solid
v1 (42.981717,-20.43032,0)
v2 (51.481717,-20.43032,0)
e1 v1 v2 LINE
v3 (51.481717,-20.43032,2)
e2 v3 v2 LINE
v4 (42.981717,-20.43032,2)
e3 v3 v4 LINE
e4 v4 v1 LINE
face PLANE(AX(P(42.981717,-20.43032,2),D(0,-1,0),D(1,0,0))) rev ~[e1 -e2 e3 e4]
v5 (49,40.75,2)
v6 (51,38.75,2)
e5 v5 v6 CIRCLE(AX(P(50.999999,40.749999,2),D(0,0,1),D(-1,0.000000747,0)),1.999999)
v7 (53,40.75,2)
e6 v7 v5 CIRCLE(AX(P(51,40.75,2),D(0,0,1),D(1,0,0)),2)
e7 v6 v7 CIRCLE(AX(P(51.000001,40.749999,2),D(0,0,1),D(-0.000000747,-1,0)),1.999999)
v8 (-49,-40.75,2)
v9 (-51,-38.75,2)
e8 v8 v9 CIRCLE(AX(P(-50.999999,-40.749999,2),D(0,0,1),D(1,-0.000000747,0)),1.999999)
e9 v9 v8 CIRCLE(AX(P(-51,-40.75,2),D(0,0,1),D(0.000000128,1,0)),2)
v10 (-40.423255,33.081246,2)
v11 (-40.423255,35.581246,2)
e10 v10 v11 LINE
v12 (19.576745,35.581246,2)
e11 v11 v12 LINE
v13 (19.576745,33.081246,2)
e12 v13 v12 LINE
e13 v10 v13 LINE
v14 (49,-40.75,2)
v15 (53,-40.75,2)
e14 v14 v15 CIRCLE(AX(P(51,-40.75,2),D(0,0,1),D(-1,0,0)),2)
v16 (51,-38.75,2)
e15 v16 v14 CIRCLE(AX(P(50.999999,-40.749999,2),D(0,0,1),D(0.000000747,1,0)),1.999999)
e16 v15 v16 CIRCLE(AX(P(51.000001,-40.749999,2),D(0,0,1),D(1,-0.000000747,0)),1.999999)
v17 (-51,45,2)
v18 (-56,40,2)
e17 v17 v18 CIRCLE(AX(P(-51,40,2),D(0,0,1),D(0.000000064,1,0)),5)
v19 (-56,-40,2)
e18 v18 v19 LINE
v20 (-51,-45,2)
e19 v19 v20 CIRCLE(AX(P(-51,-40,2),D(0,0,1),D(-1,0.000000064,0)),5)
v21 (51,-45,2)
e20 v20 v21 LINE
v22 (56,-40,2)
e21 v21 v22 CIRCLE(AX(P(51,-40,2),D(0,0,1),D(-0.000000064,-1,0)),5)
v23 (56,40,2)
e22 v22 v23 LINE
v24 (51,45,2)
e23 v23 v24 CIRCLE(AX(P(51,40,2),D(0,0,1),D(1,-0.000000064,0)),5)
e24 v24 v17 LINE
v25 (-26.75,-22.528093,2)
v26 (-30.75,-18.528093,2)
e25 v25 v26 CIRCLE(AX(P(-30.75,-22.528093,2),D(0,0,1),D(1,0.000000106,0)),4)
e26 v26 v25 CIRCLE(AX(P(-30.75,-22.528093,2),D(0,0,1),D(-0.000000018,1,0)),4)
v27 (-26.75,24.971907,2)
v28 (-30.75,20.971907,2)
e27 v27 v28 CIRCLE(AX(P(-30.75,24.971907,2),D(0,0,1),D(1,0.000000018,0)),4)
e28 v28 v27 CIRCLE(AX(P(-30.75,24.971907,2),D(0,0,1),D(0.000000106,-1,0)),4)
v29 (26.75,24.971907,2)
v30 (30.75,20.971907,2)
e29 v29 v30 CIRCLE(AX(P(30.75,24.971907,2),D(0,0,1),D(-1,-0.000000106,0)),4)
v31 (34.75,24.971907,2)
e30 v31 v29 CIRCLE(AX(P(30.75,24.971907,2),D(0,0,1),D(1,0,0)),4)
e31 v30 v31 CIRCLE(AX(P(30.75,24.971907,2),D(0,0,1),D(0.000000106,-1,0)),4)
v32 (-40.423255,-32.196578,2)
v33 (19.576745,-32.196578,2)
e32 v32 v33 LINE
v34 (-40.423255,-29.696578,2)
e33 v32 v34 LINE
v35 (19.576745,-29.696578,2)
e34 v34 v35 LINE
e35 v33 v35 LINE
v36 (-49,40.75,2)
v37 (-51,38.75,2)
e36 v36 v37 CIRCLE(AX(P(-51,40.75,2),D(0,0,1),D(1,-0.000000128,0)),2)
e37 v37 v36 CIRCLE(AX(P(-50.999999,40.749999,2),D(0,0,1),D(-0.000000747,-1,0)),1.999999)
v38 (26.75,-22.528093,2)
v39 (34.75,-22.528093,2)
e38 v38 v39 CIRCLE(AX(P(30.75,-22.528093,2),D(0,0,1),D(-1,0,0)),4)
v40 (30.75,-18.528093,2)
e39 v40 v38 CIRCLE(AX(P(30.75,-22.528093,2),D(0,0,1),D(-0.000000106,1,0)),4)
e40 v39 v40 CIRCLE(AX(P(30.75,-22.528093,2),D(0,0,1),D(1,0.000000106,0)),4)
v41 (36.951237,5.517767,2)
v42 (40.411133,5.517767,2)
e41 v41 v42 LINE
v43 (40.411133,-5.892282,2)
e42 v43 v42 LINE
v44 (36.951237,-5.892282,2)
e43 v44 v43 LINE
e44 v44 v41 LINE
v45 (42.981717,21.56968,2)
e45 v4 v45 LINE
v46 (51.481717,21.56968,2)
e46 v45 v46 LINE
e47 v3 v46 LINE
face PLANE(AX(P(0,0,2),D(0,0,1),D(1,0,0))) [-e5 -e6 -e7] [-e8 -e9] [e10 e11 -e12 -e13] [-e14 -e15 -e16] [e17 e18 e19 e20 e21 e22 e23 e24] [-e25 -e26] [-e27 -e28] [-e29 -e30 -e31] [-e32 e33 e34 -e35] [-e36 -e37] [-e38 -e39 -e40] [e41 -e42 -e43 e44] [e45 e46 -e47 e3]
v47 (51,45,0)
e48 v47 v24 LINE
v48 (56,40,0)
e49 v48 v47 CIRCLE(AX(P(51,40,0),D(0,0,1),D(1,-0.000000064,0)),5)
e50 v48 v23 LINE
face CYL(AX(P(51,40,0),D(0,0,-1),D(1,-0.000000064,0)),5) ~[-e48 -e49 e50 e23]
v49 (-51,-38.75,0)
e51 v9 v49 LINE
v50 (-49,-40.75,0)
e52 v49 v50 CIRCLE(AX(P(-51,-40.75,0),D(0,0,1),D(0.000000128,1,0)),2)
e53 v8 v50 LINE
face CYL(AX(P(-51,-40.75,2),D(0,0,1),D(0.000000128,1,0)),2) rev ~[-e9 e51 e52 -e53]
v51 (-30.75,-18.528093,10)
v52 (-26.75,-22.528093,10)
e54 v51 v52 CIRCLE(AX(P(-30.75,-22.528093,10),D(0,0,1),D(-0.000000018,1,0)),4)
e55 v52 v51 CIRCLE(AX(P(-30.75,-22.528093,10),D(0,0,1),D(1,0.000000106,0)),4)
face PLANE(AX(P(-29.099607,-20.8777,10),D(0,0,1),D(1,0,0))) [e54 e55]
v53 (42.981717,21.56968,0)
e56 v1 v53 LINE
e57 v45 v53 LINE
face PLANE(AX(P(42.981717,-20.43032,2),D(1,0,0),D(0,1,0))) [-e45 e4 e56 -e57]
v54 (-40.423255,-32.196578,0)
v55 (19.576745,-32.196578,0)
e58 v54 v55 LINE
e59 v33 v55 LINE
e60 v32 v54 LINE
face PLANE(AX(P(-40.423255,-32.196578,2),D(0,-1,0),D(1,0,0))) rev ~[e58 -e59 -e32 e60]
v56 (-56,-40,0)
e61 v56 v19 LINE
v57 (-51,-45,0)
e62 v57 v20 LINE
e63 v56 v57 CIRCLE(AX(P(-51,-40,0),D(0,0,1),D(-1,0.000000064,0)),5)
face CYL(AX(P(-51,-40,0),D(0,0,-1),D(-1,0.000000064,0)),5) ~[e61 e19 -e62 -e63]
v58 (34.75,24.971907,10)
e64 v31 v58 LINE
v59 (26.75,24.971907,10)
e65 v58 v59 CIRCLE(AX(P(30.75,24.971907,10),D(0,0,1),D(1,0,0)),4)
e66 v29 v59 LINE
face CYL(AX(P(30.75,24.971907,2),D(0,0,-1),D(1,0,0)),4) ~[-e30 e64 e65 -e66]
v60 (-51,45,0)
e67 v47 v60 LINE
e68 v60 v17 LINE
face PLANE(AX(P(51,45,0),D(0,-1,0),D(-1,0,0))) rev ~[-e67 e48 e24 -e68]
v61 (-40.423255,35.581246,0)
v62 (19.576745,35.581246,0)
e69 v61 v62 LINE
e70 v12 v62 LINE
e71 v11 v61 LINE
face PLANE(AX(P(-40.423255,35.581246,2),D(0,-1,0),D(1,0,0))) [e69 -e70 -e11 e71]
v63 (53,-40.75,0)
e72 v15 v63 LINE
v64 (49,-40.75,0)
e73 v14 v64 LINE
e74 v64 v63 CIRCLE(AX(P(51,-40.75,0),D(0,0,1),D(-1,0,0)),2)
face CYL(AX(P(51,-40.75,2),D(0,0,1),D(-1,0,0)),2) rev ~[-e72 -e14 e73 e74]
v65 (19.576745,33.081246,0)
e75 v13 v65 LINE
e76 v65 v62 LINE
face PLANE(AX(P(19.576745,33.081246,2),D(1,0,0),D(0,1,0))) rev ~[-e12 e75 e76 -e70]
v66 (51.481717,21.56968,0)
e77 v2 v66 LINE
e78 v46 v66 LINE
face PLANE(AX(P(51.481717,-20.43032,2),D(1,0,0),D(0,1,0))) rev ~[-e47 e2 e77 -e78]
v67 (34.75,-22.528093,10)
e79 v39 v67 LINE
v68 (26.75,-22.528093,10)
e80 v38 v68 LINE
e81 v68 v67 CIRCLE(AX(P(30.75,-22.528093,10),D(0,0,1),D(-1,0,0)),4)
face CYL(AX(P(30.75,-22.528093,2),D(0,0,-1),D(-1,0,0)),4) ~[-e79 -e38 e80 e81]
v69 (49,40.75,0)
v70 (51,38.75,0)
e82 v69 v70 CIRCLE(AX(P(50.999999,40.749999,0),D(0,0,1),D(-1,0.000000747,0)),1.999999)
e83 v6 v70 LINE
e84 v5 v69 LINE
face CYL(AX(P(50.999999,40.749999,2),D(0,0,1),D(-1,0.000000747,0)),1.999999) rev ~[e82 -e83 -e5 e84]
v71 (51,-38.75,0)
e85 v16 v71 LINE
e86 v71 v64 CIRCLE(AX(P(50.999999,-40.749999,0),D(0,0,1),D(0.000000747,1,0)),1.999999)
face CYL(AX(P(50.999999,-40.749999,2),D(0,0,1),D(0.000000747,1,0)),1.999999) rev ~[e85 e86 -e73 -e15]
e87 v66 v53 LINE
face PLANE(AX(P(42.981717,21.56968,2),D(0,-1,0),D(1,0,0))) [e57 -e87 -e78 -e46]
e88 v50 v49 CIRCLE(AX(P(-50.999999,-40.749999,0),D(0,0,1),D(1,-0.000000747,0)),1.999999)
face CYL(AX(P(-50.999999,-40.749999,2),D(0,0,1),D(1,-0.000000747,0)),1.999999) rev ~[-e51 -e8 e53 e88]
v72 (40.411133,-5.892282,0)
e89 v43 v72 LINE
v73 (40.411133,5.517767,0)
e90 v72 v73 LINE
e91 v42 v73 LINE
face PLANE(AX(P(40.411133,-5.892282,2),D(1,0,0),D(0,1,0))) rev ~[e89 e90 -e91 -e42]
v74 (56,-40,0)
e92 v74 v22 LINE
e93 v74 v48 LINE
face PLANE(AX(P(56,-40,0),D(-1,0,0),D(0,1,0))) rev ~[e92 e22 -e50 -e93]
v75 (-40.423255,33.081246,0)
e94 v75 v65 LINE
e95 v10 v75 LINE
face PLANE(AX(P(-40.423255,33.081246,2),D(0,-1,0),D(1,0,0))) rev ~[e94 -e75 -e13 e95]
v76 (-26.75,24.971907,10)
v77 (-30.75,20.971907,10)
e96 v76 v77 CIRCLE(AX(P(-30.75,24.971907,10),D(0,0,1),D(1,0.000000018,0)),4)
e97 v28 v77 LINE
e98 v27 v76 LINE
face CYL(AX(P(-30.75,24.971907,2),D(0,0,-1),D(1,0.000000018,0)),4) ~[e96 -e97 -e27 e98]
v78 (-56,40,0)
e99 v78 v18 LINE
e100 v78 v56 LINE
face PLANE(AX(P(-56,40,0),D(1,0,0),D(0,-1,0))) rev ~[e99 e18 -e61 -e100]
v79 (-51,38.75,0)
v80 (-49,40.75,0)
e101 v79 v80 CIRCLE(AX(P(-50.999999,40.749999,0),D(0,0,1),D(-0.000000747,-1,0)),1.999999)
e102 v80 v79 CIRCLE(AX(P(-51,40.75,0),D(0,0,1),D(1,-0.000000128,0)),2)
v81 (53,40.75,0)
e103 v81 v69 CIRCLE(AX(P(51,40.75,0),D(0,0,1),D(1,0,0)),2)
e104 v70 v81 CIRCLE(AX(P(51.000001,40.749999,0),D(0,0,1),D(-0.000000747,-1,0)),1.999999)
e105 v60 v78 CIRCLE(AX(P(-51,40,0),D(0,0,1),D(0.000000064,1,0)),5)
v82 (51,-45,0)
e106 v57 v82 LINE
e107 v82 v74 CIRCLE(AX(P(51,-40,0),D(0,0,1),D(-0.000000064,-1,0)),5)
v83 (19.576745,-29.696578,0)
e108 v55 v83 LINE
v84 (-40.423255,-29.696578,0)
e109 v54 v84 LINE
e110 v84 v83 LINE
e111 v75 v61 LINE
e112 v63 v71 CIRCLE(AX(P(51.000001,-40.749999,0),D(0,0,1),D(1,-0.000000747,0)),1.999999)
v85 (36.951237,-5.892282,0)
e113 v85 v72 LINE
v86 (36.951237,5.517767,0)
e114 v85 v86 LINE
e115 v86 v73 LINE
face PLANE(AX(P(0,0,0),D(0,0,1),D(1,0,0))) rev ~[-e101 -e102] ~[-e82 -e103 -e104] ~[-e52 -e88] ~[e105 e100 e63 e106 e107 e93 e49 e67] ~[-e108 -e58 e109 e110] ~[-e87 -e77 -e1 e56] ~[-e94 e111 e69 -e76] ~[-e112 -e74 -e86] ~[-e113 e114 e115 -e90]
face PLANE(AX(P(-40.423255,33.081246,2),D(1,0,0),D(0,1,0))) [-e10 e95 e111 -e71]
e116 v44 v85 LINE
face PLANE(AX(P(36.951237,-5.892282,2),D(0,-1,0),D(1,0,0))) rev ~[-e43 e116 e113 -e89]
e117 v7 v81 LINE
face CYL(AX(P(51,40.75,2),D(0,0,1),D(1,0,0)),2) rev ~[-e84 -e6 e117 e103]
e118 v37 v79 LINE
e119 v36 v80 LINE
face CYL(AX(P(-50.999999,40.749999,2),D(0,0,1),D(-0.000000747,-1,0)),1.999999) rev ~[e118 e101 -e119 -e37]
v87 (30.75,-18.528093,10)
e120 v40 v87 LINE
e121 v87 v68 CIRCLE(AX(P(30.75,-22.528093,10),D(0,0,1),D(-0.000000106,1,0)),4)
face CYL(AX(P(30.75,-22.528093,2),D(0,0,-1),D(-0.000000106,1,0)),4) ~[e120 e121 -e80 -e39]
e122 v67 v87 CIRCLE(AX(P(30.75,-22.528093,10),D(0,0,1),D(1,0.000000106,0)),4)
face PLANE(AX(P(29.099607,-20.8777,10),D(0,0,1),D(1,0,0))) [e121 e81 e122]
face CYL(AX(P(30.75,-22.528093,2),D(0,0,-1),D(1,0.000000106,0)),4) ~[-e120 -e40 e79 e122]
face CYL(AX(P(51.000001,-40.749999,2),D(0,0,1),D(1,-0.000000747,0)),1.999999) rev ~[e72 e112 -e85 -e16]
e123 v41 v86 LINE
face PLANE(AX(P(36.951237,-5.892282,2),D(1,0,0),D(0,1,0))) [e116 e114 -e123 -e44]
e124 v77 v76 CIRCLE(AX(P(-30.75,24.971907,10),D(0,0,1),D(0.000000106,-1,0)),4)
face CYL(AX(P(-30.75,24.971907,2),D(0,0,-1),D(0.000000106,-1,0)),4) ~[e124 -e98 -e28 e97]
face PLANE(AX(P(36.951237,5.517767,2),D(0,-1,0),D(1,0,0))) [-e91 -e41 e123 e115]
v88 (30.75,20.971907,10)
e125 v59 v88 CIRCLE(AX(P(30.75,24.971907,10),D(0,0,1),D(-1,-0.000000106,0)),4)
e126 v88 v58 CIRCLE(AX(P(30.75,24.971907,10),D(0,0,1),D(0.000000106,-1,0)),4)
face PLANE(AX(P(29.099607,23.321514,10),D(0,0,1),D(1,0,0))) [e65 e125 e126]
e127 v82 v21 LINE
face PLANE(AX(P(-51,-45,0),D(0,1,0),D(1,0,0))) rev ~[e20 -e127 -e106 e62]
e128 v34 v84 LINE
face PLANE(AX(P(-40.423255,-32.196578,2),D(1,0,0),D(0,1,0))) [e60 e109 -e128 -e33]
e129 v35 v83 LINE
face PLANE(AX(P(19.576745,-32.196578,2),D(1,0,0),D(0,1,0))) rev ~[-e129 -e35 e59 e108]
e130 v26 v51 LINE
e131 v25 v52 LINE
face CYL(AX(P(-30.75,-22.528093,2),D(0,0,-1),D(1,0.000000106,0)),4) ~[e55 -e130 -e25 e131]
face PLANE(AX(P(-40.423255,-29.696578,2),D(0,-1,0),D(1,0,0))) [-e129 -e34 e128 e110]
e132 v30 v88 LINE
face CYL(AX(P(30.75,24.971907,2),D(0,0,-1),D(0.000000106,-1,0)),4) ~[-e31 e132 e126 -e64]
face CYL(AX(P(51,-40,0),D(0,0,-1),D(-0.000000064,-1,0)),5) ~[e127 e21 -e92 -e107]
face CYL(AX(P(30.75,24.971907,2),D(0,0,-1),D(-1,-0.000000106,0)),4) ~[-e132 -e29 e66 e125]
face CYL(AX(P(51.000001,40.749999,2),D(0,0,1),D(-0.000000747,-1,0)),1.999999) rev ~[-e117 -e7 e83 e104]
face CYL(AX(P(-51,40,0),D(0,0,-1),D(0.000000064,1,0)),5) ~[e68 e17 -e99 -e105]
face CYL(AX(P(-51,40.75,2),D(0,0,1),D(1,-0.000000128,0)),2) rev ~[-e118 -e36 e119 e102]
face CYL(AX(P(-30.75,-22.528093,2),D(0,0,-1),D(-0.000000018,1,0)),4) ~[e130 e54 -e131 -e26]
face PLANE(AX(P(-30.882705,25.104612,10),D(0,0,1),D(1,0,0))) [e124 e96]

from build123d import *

# Parameters (mm, degrees)
F1_DEPTH  = 2
F2_W      = 8.5
F2_H      = 42
F3_DEPTH  = 25
F4_W      = 8.018283
F4_H      = 42
F5_DEPTH  = 25
F6_W      = 60
F6_H      = 2.5
F7_DEPTH  = 25
F9_DEPTH  = 8
F10_W     = 3.459897
F10_H     = 11.410049
F11_DEPTH = 25


with BuildPart() as f1:
    # F0 (on Top) → F1 (new body)
    with BuildSketch(Plane.XY):
        with BuildLine():
            ThreePointArc((56, 40), (54.535534, 43.535534), (51, 45))
            Line((51, 45), (-51, 45))
            ThreePointArc((-51, 45), (-54.535534, 43.535534), (-56, 40))
            Line((-56, 40), (-56, -40))
            ThreePointArc((-56, -40), (-54.535534, -43.535534), (-51, -45))
            Line((-51, -45), (51, -45))
            ThreePointArc((51, -45), (54.535534, -43.535534), (56, -40))
            Line((56, -40), (56, 40))
        make_face()
    extrude(amount=F1_DEPTH)

    # F2 (on face) → F3 (cut)
    with BuildSketch(Plane.XY.offset(2)):
        with Locations((47.231717, 0.56968)):
            Rectangle(F2_W, F2_H)
    extrude(amount=-F3_DEPTH, mode=Mode.SUBTRACT)

    # F4 (on face) → F5 (cut)
    with BuildSketch(Plane.XY.offset(2)):
        with Locations((46.990859, 0.56968)):
            Rectangle(F4_W, F4_H)
        with BuildLine():
            Line((51, 40.75), (49, 40.75))
            ThreePointArc((49, 40.75), (49.585786, 39.335786), (51, 38.75))
            Line((51, 38.75), (51, 40.75))
        make_face()
        with BuildLine():
            ThreePointArc((53, 40.75), (51, 42.75), (49, 40.75))
            Line((49, 40.75), (51, 40.75))
            Line((51, 40.75), (51, 38.75))
            ThreePointArc((51, 38.75), (52.414214, 39.335786), (53, 40.75))
        make_face()
        with BuildLine():
            Line((-51, 40.75), (-49, 40.75))
            ThreePointArc((-49, 40.75), (-52.414214, 42.164214), (-51, 38.75))
            Line((-51, 38.75), (-51, 40.75))
        make_face()
        with BuildLine():
            ThreePointArc((-51, 38.75), (-49.585786, 39.335786), (-49, 40.75))
            Line((-49, 40.75), (-51, 40.75))
            Line((-51, 40.75), (-51, 38.75))
        make_face()
        with BuildLine():
            ThreePointArc((51, -38.75), (49.585786, -39.335786), (49, -40.75))
            Line((49, -40.75), (51, -40.75))
            Line((51, -40.75), (51, -38.75))
        make_face()
        with BuildLine():
            Line((51, -40.75), (49, -40.75))
            ThreePointArc((49, -40.75), (51, -42.75), (53, -40.75))
            ThreePointArc((53, -40.75), (52.414214, -39.335786), (51, -38.75))
            Line((51, -38.75), (51, -40.75))
        make_face()
        with BuildLine():
            ThreePointArc((-49, -40.75), (-49.585786, -39.335786), (-51, -38.75))
            Line((-51, -38.75), (-51, -40.75))
            Line((-51, -40.75), (-49, -40.75))
        make_face()
        with BuildLine():
            Line((-51, -40.75), (-51, -38.75))
            ThreePointArc((-51, -38.75), (-52.414214, -42.164214), (-49, -40.75))
            Line((-49, -40.75), (-51, -40.75))
        make_face()
    extrude(amount=-F5_DEPTH, mode=Mode.SUBTRACT)

    # F6 (on face) → F7 (cut)
    with BuildSketch(Plane.XY.offset(2)):
        with Locations((-10.423255, 34.331246)):
            Rectangle(F6_W, F6_H)
        with Locations((-10.423255, -30.946578)):
            Rectangle(F6_W, F6_H)
    extrude(amount=-F7_DEPTH, mode=Mode.SUBTRACT)

    # F8 (on face) → F9 (join)
    with BuildSketch(Plane.XY.offset(2)):
        with BuildLine():
            Line((-30.75, -18.528093), (-30.75, -22.528093))
            Line((-30.75, -22.528093), (-26.75, -22.528093))
            ThreePointArc((-26.75, -22.528093), (-27.921573, -19.699666), (-30.75, -18.528093))
        make_face()
        with BuildLine():
            Line((-26.75, -22.528093), (-30.75, -22.528093))
            Line((-30.75, -22.528093), (-30.75, -18.528093))
            ThreePointArc((-30.75, -18.528093), (-33.578427, -25.35652), (-26.75, -22.528093))
        make_face()
        with BuildLine():
            ThreePointArc((30.75, -18.528093), (27.921573, -19.699666), (26.75, -22.528093))
            Line((26.75, -22.528093), (30.75, -22.528093))
            Line((30.75, -22.528093), (30.75, -18.528093))
        make_face()
        with BuildLine():
            Line((30.75, -22.528093), (26.75, -22.528093))
            ThreePointArc((26.75, -22.528093), (30.75, -26.528093), (34.75, -22.528093))
            ThreePointArc((34.75, -22.528093), (33.578427, -19.699666), (30.75, -18.528093))
            Line((30.75, -18.528093), (30.75, -22.528093))
        make_face()
        with BuildLine():
            ThreePointArc((-26.75, 24.971907), (-33.578427, 27.800334), (-30.75, 20.971907))
            Line((-30.75, 20.971907), (-30.75, 24.971907))
            Line((-30.75, 24.971907), (-26.75, 24.971907))
        make_face()
        with BuildLine():
            Line((-30.75, 24.971907), (-30.75, 20.971907))
            ThreePointArc((-30.75, 20.971907), (-27.921573, 22.14348), (-26.75, 24.971907))
            Line((-26.75, 24.971907), (-30.75, 24.971907))
        make_face()
        with BuildLine():
            ThreePointArc((26.75, 24.971907), (27.921573, 22.14348), (30.75, 20.971907))
            Line((30.75, 20.971907), (30.75, 24.971907))
            Line((30.75, 24.971907), (26.75, 24.971907))
        make_face()
        with BuildLine():
            Line((30.75, 24.971907), (30.75, 20.971907))
            ThreePointArc((30.75, 20.971907), (33.578427, 22.14348), (34.75, 24.971907))
            ThreePointArc((34.75, 24.971907), (30.75, 28.971907), (26.75, 24.971907))
            Line((26.75, 24.971907), (30.75, 24.971907))
        make_face()
    extrude(amount=F9_DEPTH)

    # F10 (on face) → F11 (cut)
    with BuildSketch(Plane.XY.offset(2)):
        with Locations((38.681185, -0.187257)):
            Rectangle(F10_W, F10_H)
    extrude(amount=-F11_DEPTH, mode=Mode.SUBTRACT)


solid = f1.part
